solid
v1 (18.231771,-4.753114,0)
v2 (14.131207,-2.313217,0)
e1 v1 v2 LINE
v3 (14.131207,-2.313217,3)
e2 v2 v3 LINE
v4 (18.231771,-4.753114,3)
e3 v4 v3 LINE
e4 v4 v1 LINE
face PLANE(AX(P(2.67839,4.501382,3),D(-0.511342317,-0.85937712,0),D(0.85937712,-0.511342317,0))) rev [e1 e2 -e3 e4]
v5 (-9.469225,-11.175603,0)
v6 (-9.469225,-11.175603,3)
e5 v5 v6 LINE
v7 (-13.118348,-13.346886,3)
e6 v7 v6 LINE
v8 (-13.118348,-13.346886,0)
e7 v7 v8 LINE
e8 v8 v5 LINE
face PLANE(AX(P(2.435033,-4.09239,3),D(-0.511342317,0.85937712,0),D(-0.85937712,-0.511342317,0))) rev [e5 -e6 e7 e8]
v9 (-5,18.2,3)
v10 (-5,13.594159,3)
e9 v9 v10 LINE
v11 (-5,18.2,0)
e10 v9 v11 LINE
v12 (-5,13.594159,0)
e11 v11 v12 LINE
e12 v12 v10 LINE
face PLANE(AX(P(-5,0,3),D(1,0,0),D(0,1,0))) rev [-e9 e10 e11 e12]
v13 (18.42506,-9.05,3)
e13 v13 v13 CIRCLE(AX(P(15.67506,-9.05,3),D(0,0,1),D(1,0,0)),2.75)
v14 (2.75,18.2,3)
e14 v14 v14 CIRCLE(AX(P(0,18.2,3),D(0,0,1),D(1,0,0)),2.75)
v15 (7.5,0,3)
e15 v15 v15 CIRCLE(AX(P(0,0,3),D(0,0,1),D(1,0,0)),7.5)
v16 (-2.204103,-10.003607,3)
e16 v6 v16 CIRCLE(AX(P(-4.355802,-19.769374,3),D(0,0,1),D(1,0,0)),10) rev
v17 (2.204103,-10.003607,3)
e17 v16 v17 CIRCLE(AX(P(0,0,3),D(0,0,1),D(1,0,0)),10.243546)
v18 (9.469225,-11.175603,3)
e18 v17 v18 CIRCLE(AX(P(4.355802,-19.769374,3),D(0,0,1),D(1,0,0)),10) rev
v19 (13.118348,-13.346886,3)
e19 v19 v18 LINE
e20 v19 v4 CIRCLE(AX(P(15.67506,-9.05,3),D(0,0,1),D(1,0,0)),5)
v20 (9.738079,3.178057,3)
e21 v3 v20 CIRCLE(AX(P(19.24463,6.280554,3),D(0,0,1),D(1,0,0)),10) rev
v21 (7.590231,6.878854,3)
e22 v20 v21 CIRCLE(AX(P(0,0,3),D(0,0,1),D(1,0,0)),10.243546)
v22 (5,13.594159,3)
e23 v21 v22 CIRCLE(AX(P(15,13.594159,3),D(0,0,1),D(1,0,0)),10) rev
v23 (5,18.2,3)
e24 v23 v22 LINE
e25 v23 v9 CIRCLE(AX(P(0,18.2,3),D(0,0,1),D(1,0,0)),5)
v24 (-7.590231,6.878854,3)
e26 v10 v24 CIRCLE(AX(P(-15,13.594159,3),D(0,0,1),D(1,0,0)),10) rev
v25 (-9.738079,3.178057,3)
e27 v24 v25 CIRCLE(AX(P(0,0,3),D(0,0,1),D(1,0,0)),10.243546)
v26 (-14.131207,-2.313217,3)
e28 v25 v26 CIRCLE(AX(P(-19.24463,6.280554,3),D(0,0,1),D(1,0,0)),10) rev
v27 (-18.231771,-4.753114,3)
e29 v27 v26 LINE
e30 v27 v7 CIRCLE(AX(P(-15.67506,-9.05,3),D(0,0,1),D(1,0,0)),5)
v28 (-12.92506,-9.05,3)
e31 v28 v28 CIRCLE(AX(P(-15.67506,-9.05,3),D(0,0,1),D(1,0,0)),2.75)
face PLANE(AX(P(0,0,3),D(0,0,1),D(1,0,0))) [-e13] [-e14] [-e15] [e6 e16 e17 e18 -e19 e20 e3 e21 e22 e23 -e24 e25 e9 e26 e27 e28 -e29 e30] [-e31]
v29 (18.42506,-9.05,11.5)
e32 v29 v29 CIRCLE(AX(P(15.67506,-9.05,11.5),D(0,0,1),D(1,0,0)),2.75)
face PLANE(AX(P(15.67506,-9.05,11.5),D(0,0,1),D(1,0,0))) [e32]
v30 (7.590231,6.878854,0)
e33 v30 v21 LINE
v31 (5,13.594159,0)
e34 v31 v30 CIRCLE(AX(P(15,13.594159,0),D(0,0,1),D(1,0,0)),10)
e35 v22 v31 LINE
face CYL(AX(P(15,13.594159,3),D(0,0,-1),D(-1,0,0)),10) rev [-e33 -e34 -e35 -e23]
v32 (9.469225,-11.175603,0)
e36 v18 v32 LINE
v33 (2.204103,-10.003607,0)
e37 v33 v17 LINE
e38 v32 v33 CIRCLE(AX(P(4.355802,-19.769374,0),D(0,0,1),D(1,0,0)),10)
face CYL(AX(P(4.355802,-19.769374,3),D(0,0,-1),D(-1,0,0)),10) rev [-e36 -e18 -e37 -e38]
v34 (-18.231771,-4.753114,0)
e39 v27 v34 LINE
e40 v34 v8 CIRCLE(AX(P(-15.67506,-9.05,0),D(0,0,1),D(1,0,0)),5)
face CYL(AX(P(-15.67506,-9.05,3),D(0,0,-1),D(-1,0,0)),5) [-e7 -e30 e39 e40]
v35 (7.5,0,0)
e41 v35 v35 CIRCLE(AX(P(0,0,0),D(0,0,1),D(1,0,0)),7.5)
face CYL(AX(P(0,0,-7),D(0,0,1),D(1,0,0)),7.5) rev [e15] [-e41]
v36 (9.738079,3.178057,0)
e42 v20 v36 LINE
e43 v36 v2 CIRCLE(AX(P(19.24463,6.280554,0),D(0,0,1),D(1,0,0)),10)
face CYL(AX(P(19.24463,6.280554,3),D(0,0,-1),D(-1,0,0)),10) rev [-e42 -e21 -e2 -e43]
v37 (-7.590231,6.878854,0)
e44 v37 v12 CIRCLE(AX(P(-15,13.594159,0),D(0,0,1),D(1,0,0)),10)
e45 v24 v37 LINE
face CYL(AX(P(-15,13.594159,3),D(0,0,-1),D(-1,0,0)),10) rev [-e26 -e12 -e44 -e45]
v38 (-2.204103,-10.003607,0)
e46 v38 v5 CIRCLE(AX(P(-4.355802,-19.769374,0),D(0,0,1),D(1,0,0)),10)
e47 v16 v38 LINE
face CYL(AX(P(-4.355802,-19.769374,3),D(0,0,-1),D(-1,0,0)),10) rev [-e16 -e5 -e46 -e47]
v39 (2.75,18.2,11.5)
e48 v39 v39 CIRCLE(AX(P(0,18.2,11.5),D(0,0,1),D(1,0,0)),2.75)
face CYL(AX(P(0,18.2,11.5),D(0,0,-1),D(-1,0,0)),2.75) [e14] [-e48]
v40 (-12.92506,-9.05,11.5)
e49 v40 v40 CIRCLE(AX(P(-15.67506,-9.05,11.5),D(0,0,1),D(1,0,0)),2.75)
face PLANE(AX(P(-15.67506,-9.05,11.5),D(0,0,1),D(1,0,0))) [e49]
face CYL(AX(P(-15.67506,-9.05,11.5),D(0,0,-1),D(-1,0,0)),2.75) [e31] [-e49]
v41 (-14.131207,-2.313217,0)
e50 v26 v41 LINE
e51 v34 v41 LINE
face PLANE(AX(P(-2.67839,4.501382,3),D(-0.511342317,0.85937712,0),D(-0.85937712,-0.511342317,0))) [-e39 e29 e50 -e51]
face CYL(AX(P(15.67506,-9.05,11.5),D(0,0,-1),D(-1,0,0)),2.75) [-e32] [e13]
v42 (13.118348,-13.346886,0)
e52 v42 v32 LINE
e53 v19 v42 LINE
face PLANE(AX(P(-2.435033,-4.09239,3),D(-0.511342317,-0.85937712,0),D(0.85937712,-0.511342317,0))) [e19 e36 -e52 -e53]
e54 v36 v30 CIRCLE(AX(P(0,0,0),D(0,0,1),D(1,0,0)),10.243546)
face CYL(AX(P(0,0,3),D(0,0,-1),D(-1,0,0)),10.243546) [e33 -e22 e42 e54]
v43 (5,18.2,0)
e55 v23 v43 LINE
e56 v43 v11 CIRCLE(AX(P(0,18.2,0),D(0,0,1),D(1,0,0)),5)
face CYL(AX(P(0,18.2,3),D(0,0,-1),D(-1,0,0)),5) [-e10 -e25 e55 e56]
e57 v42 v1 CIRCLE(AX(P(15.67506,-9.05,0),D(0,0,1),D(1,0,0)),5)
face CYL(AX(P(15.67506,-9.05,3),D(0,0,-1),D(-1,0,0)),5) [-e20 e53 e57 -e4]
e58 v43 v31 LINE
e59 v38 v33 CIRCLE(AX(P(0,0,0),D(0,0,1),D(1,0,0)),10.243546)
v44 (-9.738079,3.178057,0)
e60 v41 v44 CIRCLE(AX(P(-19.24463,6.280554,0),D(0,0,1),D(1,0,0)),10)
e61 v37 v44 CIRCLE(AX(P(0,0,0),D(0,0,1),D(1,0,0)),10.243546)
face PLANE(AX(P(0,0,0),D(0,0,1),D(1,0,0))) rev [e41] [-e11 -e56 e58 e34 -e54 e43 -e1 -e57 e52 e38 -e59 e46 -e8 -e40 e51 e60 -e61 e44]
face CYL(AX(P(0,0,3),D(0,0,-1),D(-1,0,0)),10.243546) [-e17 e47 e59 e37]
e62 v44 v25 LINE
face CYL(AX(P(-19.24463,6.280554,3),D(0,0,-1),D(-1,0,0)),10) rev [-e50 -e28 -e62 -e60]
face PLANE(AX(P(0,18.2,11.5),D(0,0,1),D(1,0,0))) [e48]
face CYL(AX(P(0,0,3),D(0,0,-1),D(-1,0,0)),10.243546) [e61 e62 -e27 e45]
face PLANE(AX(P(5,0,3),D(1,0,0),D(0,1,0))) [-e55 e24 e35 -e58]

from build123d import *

# Parameters (mm, degrees)
SALIENTE_EXTRUIR1_DEPTH = 3
CROQUIS3_R              = 7.5
CORTAR_EXTRUIR2_DEPTH   = 10
REDONDEO1_R             = 10
CROQUIS2_R              = 2.75
SALIENTE_EXTRUIR2_DEPTH = 8.5


with BuildPart() as part:
    # Croquis1 → Saliente-Extruir1 (new body)
    with BuildSketch(Plane.XY):
        with BuildLine():
            Line((-13.118348224, -13.346885602), (-5.358962429, -8.729934305))
            ThreePointArc((-5.358962429, -8.729934305), (0, -10.243545836), (5.358962429, -8.729934305))
            Line((5.358962429, -8.729934305), (13.118348224, -13.346885602))
            ThreePointArc((13.118348224, -13.346885602), (19.97194541, -11.606711584), (18.231771393, -4.753114398))
            Line((18.231771393, -4.753114398), (10.243545836, 0))
            ThreePointArc((10.243545836, 0), (8.83594818, 5.182301714), (5, 8.94037087))
            Line((5, 8.94037087), (5, 18.2))
            ThreePointArc((5, 18.2), (0, 23.2), (-5, 18.2))
            Line((-5, 18.2), (-5, 8.94037087))
            ThreePointArc((-5, 8.94037087), (-8.83594818, 5.182301714), (-10.243545836, 0))
            Line((-10.243545836, 0), (-18.231771393, -4.753114398))
            ThreePointArc((-18.231771393, -4.753114398), (-19.97194541, -11.606711584), (-13.118348224, -13.346885602))
        make_face()
    extrude(amount=SALIENTE_EXTRUIR1_DEPTH)

    # Croquis3 → Cortar-Extruir2 (cut)
    with BuildSketch(Plane.XY.offset(3)):
        Circle(CROQUIS3_R)
    extrude(amount=-CORTAR_EXTRUIR2_DEPTH, mode=Mode.SUBTRACT)

    # Redondeo1
    redondeo1_edges = [part.edges().sort_by_distance(p)[0] for p in [
        (-10.243545836, 0, 1.5),
        (-5, 8.94037087, 1.5),
        (5, 8.94037087, 1.5),
        (10.243545836, 0, 1.5),
        (5.358962429, -8.729934305, 1.5),
        (-5.358962429, -8.729934305, 1.5),
    ]]
    fillet(redondeo1_edges, radius=REDONDEO1_R)

    # Croquis2 → Saliente-Extruir2 (add)
    with BuildSketch(Plane.XY.offset(3)):
        with Locations((0, 18.2)):
            Circle(CROQUIS2_R)
        with Locations((15.675059808, -9.05)):
            Circle(CROQUIS2_R)
        with Locations((-15.675059808, -9.05)):
            Circle(CROQUIS2_R)
    extrude(amount=SALIENTE_EXTRUIR2_DEPTH)


solid = part.part
